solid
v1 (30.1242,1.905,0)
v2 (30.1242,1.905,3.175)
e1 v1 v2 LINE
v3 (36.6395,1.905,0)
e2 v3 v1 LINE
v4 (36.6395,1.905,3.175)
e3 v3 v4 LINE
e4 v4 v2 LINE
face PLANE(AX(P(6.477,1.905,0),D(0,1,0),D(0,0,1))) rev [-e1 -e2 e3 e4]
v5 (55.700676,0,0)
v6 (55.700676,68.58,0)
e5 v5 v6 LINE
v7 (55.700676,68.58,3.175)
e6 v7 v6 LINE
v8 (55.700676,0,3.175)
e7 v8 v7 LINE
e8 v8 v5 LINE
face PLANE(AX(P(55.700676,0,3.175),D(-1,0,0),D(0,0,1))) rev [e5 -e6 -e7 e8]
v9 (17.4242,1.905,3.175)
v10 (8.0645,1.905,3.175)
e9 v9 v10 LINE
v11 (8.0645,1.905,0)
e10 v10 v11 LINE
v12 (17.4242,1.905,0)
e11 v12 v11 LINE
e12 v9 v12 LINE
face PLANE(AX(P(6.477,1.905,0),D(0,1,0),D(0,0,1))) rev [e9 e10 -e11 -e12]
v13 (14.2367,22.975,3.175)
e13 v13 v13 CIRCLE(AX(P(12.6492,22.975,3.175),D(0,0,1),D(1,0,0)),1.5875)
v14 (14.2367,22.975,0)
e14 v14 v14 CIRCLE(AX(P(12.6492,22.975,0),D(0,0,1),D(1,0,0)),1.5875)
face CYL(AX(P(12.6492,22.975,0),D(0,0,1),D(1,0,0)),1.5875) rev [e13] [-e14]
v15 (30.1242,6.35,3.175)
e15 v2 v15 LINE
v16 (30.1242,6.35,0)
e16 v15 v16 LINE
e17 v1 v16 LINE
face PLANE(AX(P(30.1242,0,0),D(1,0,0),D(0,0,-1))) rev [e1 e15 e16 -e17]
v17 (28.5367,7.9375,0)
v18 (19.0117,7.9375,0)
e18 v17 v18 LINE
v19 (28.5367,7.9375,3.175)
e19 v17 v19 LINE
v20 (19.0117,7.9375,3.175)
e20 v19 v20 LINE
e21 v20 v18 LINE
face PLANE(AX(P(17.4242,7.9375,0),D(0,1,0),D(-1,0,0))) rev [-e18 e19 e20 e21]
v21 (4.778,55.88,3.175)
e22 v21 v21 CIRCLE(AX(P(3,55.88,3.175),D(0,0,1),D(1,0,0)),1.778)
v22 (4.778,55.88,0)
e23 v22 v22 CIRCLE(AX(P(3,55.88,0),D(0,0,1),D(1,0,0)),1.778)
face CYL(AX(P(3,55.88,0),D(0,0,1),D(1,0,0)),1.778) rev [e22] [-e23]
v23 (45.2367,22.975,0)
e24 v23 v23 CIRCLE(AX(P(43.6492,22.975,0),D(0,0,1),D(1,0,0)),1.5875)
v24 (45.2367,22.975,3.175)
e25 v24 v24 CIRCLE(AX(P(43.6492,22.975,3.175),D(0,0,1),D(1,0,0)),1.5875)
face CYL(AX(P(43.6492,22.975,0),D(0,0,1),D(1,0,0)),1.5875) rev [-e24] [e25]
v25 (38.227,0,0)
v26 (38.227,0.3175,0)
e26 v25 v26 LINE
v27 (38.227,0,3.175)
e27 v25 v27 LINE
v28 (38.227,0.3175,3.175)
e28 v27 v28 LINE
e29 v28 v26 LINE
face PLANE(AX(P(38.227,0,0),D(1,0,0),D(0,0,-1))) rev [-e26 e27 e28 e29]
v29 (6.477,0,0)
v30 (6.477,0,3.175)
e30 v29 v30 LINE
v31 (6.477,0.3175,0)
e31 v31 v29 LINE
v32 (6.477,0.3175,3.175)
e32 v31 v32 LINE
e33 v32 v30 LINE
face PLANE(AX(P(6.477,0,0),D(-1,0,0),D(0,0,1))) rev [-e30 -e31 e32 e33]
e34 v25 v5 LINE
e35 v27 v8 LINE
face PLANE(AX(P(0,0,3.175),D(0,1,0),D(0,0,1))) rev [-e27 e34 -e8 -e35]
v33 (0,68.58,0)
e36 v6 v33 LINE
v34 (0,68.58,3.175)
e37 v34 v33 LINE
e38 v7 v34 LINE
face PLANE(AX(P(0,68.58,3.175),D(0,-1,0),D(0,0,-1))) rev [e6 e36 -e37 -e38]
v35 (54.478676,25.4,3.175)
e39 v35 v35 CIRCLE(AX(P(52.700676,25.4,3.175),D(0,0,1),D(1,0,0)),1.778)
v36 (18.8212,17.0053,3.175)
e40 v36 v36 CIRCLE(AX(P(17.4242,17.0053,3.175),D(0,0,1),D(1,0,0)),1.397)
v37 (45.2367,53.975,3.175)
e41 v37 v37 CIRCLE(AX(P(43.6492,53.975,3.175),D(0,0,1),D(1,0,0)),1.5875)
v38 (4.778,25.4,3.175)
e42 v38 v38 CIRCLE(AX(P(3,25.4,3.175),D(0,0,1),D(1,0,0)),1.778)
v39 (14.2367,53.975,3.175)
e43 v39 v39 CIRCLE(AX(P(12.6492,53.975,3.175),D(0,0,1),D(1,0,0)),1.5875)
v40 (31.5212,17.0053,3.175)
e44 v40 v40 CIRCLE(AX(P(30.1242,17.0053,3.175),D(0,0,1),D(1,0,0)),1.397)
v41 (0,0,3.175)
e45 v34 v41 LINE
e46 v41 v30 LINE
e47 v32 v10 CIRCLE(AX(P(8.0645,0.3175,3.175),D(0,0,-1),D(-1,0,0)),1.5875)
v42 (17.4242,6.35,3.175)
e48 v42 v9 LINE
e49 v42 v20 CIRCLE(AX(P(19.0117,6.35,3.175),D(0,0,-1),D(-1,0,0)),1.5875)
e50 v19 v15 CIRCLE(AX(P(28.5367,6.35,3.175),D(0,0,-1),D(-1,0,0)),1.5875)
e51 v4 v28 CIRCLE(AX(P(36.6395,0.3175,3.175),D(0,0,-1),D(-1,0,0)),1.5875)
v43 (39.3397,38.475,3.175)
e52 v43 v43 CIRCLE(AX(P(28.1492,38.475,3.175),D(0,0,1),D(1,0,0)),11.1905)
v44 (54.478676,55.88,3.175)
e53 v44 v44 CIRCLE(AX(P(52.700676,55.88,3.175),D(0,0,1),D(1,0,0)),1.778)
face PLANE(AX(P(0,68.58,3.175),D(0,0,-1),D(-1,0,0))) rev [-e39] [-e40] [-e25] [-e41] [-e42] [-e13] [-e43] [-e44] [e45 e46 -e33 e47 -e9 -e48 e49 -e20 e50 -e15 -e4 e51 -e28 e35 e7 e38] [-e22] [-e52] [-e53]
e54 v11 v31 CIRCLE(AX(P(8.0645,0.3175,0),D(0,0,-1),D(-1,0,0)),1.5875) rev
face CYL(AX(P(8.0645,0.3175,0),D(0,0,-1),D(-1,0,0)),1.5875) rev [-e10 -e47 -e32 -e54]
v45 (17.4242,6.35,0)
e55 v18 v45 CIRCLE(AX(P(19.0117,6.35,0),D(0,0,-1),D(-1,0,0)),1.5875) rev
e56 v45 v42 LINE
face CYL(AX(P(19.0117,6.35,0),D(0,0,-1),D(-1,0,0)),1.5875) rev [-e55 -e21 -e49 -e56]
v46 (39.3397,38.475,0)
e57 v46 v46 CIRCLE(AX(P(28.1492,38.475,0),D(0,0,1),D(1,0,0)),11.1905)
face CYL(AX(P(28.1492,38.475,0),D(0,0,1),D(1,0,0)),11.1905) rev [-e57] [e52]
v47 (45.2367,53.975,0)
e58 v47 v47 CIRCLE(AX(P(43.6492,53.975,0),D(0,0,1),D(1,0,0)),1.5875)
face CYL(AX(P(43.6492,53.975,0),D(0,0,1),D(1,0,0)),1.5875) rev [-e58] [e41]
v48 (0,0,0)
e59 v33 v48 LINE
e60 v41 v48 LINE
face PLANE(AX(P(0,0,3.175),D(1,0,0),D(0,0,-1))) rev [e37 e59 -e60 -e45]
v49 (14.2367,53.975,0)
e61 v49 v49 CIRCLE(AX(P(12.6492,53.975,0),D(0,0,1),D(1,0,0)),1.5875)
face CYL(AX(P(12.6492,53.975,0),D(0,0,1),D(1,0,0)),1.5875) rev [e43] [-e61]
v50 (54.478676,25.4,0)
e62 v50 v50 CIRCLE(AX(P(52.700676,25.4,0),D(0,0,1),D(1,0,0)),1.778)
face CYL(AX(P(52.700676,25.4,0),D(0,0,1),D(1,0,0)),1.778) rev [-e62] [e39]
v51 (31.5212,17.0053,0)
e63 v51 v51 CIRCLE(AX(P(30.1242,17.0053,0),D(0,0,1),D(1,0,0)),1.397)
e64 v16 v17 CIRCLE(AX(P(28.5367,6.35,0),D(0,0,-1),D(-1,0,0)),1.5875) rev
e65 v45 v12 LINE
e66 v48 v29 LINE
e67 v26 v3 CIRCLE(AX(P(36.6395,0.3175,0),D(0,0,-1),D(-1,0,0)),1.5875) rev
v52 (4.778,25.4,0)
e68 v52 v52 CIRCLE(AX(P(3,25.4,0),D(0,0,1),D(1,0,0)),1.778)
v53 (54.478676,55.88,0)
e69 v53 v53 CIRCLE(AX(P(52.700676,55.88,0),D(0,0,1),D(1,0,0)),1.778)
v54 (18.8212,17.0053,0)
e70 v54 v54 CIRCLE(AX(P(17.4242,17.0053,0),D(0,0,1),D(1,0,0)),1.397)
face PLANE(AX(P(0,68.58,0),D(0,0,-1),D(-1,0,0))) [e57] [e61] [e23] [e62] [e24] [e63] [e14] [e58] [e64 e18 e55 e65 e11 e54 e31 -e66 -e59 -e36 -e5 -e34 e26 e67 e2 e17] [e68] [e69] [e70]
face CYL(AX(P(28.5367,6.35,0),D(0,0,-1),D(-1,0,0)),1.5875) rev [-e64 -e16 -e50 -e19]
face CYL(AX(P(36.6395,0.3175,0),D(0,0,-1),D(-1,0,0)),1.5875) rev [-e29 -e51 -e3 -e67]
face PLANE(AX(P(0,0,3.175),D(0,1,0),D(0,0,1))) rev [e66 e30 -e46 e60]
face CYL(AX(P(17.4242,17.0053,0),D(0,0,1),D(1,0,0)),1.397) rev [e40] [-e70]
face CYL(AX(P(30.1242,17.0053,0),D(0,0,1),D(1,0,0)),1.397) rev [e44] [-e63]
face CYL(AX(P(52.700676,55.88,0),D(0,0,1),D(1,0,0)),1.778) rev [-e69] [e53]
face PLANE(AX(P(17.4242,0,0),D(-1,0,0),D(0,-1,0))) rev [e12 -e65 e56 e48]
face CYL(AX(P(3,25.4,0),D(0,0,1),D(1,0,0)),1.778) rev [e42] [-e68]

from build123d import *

# Parameters (mm, degrees)
SKETCH1_W           = 55.700676
SKETCH1_H           = 68.58
BOSS_EXTRUDE1_DEPTH = 3.175
SKETCH2_R           = 11.190499971
SKETCH2_R_2         = 1.5875
SKETCH2_R_3         = 1.397
SKETCH2_W           = 12.7
SKETCH2_H           = 7.9375
CUT_EXTRUDE1_DEPTH  = 89.407365824
SKETCH3_W           = 31.75
SKETCH3_H           = 1.905
CUT_EXTRUDE2_DEPTH  = 89.407365824
SKETCH4_R           = 1.778
CUT_EXTRUDE3_DEPTH  = 89.407365824
FILLET1_R           = 1.5875


with BuildPart() as part:
    # Sketch1 → Boss-Extrude1 (new body)
    with BuildSketch(Plane.XY):
        with Locations((27.850338, 34.29)):
            Rectangle(SKETCH1_W, SKETCH1_H)
    extrude(amount=BOSS_EXTRUDE1_DEPTH)

    # Sketch2 → Cut-Extrude1 (cut, through all)
    with BuildSketch(Plane.XY.offset(3.175)):
        with Locations((28.1492, 38.475)):
            Circle(SKETCH2_R)
        with Locations((12.6492, 53.975)):
            Circle(SKETCH2_R_2)
        with Locations((43.6492, 53.975)):
            Circle(SKETCH2_R_2)
        with Locations((43.6492, 22.975)):
            Circle(SKETCH2_R_2)
        with Locations((12.6492, 22.975)):
            Circle(SKETCH2_R_2)
        with Locations((17.4242, 17.005299976)):
            Circle(SKETCH2_R_3)
        with Locations((30.1242, 17.005299976)):
            Circle(SKETCH2_R_3)
        with Locations((23.7742, 3.96875)):
            Rectangle(SKETCH2_W, SKETCH2_H)
    extrude(amount=-CUT_EXTRUDE1_DEPTH, mode=Mode.SUBTRACT)

    # Sketch3 → Cut-Extrude2 (cut, through all)
    with BuildSketch(Plane.XY.offset(3.175)):
        with Locations((22.352, 0.9525)):
            Rectangle(SKETCH3_W, SKETCH3_H)
    extrude(amount=-CUT_EXTRUDE2_DEPTH, mode=Mode.SUBTRACT)

    # Sketch4 → Cut-Extrude3 (cut, through all)
    with BuildSketch(Plane.XY.offset(3.175)):
        with Locations((3, 55.88)):
            Circle(SKETCH4_R)
        with Locations((3, 25.4)):
            Circle(SKETCH4_R)
        with Locations((52.700676, 25.4)):
            Circle(SKETCH4_R)
        with Locations((52.700676, 55.88)):
            Circle(SKETCH4_R)
    extrude(amount=-CUT_EXTRUDE3_DEPTH, mode=Mode.SUBTRACT)

    # Fillet1
    fillet1_edges = [part.edges().sort_by_distance(p)[0] for p in [
        (17.4242, 7.9375, 1.5875),
        (30.1242, 7.9375, 1.5875),
        (6.477, 1.905, 1.5875),
        (38.227, 1.905, 1.5875),
    ]]
    fillet(fillet1_edges, radius=FILLET1_R)


solid = part.part
